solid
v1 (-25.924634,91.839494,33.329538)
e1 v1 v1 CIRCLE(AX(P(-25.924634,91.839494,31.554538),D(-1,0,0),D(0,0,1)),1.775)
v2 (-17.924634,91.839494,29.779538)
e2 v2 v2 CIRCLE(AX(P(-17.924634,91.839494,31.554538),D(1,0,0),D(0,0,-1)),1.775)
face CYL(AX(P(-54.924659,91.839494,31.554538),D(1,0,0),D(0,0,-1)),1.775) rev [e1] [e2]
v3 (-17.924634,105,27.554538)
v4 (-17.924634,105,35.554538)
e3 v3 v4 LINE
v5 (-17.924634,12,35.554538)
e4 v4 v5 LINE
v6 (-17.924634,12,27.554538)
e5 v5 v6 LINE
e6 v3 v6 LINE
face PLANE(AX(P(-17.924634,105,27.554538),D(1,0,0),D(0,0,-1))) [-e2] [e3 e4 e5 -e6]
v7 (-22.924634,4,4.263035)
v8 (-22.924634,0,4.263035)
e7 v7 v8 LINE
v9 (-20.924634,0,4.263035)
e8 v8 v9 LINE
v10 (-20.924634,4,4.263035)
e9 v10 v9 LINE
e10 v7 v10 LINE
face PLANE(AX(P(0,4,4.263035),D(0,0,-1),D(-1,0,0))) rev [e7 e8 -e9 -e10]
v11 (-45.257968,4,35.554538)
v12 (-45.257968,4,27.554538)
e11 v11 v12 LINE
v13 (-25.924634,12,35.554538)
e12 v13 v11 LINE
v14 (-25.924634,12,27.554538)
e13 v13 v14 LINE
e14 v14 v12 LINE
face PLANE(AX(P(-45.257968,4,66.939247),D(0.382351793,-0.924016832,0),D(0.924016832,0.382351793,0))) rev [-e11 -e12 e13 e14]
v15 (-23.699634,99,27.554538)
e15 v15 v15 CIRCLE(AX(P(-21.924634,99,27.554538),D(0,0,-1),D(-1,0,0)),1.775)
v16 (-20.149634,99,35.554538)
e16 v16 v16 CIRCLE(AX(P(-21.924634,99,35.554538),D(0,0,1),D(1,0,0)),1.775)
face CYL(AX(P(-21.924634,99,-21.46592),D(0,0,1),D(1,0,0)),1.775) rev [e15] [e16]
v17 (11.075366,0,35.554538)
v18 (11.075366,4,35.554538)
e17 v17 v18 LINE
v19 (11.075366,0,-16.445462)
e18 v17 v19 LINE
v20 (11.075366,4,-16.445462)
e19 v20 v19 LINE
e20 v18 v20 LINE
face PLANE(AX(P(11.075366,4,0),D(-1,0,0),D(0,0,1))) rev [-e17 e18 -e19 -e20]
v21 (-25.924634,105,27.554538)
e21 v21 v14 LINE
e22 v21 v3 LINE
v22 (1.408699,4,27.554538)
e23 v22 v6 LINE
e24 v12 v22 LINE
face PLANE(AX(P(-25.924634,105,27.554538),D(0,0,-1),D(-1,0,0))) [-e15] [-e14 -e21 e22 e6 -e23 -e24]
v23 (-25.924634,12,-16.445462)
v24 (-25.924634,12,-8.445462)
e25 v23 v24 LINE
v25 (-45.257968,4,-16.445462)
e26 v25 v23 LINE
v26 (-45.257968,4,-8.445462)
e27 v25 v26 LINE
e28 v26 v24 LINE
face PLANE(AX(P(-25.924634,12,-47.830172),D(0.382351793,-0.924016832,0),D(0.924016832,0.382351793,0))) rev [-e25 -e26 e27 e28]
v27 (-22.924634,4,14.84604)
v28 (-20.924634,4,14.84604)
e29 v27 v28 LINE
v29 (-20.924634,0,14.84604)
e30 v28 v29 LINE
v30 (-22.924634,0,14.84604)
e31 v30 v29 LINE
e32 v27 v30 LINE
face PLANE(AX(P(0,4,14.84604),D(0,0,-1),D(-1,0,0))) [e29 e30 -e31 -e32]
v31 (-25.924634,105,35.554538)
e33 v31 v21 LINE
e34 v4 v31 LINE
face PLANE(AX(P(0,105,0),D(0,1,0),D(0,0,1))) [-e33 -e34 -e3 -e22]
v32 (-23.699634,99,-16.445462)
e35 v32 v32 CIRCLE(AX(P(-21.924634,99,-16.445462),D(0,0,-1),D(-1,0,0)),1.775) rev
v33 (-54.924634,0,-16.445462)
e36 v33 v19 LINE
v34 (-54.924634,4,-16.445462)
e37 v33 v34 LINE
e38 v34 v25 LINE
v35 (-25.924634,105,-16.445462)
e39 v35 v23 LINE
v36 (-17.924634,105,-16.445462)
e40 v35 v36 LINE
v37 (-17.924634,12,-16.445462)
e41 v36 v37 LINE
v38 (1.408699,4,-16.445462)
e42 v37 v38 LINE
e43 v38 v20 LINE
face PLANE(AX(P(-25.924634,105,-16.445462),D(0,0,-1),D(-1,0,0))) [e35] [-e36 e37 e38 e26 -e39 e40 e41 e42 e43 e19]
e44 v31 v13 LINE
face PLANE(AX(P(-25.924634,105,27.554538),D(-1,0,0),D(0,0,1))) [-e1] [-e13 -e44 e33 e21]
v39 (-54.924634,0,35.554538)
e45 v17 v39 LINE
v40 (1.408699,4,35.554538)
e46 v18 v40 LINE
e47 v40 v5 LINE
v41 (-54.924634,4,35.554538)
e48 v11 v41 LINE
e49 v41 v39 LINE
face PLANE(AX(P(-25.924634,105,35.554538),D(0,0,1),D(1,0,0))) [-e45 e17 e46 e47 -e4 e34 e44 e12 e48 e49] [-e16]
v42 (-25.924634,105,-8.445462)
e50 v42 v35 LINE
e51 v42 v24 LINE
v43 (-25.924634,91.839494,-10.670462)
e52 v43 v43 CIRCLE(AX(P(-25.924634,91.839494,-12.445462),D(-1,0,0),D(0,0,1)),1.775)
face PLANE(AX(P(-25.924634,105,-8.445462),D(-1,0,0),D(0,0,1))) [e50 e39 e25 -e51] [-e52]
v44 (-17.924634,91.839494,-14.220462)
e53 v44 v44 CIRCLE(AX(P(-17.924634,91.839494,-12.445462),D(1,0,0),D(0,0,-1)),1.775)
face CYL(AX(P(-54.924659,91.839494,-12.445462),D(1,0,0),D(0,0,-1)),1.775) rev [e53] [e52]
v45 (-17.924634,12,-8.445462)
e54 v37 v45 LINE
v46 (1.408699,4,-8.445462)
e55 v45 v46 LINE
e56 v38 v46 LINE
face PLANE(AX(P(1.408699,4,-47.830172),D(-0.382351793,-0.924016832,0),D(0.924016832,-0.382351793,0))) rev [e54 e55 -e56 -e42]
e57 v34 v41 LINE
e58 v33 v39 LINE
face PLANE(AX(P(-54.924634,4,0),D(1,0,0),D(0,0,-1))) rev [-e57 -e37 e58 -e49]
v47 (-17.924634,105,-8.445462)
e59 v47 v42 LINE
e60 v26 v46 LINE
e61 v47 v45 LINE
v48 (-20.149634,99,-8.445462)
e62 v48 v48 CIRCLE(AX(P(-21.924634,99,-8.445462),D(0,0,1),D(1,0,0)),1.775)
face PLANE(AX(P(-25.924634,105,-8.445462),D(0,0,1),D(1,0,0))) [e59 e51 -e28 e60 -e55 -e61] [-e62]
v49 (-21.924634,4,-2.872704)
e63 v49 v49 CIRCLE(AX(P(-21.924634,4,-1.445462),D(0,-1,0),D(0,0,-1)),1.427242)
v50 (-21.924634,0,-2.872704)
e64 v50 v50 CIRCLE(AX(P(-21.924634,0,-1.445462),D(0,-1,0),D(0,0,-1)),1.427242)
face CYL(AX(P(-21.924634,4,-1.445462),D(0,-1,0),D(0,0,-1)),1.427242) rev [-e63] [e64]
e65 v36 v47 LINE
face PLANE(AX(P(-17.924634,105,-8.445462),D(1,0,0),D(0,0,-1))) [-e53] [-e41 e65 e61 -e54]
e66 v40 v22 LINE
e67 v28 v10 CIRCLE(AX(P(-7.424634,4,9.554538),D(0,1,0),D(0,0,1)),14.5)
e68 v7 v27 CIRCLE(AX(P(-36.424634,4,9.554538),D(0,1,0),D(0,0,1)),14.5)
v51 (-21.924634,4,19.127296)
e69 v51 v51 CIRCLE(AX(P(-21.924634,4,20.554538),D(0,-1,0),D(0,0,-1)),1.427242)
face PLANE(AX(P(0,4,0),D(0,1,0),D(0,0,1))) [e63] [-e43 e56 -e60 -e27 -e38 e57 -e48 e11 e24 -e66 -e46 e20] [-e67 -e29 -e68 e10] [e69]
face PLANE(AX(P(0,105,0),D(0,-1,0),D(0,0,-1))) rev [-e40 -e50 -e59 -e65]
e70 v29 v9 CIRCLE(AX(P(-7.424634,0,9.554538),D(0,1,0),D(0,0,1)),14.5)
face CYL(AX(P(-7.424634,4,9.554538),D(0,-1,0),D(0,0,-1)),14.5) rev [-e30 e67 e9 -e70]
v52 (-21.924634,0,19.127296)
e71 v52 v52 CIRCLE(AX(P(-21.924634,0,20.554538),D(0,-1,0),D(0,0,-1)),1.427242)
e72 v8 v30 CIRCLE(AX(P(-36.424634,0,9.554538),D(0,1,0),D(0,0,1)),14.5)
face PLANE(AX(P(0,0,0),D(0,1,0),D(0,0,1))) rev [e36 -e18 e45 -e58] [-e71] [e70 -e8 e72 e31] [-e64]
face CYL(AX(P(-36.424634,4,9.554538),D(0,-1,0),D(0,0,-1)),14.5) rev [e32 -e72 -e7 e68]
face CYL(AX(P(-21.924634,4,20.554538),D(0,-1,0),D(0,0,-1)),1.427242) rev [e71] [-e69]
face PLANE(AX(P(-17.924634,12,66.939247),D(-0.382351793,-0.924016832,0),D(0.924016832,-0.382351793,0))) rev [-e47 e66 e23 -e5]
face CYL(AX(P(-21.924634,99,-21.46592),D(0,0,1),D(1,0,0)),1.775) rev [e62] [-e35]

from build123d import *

# Parameters (mm, degrees)
BOSS_EXTRUDE1_DEPTH = 4
SKETCH3_R           = 1.427241696
CUT_EXTRUDE1_DEPTH  = 62.578957395
SKETCH4_W           = 8
SKETCH4_H           = 8
BOSS_EXTRUDE3_DEPTH = 105
CUT_EXTRUDE2_REACH  = 131.405
SKETCH5_R           = 1.775
SKETCH6_R           = 1.775
CUT_EXTRUDE3_DEPTH  = 117.867981735
BOSS_EXTRUDE4_DEPTH = 8
BOSS_EXTRUDE5_DEPTH = 8


with BuildPart() as part:
    # Sketch1 → Boss-Extrude1 (new body)
    with BuildSketch(Plane(origin=(0, 0, 0), x_dir=(1, 0, 0), z_dir=(0, 1, 0))):
        Polygon((-36.424634211, -27.554537751), (-7.424634211, -27.554537751), (11.075365789, -27.554537751), (11.075365789, 8.445462249), (-7.424634211, 8.445462249), (-36.424634211, 8.445462249), (-54.924634211, 8.445462249), (-54.924634211, -27.554537751), align=None)
        with BuildLine():
            Line((-22.924634211, -4.263035129), (-20.924634211, -4.263035129))
            ThreePointArc((-20.924634211, -4.263035129), (7.075365789, -9.554537751), (-20.924634211, -14.846040373))
            Line((-20.924634211, -14.846040373), (-22.924634211, -14.846040373))
            ThreePointArc((-22.924634211, -14.846040373), (-50.924634211, -9.554537751), (-22.924634211, -4.263035129))
        make_face(mode=Mode.SUBTRACT)
    extrude(amount=BOSS_EXTRUDE1_DEPTH)

    # Sketch3 → Cut-Extrude1 (cut, through all)
    with BuildSketch(Plane.XZ):
        with Locations(Location((-21.924634211, -1.445462249, 0), (0, 0, 270))):
            Circle(SKETCH3_R)
        with Locations(Location((-21.924634211, 20.554537751, 0), (0, 0, 270))):
            Circle(SKETCH3_R)
    extrude(amount=-CUT_EXTRUDE1_DEPTH, mode=Mode.SUBTRACT)

    # Sketch4 → Boss-Extrude3 (add)
    with BuildSketch(Plane.XZ):
        with Locations((-21.924634211, -12.445462249)):
            Rectangle(SKETCH4_W, SKETCH4_H)
        with Locations((-21.924634211, 31.554537751)):
            Rectangle(SKETCH4_W, SKETCH4_H)
    extrude(amount=-BOSS_EXTRUDE3_DEPTH)

    # Cut-Extrude2: up to this face of the body (flat: up to its plane)
    cut_extrude2_end = Plane(part.part.faces().sort_by_distance((-21.924634211, 52.5, -16.445462249))[0])
    # Sketch5 → Cut-Extrude2 (cut, up to the picked face)
    with BuildSketch(Plane.XY.offset(35.554537751), mode=Mode.PRIVATE) as cut_extrude2_sk1:
        with Locations((-21.924634211, 99)):
            Circle(SKETCH5_R)
    cut_extrude2_tool1 = split(extrude(cut_extrude2_sk1.sketch, amount=-CUT_EXTRUDE2_REACH, mode=Mode.PRIVATE), bisect_by=cut_extrude2_end, keep=Keep.BOTH, mode=Mode.PRIVATE)
    add(cut_extrude2_tool1.solids().sort_by(Axis((-21.924634, 99, 35.554538), (0, 0, -1)))[0], mode=Mode.SUBTRACT)

    # Sketch6 → Cut-Extrude3 (cut, through all)
    with BuildSketch(Plane(origin=(-17.924634211, 0, 0), x_dir=(0, 0, -1), z_dir=(1, 0, 0))):
        with Locations((-31.554537751, 91.839494298)):
            Circle(SKETCH6_R)
        with Locations((12.445462249, 91.839494298)):
            Circle(SKETCH6_R)
    extrude(amount=-CUT_EXTRUDE3_DEPTH, mode=Mode.SUBTRACT)

    # Sketch7 → Boss-Extrude4 (add)
    with BuildSketch(Plane.XY.offset(27.554537751)):
        Polygon((-45.257967544, 4), (-25.924634211, 12), (-25.924634211, 0), (-54.924634211, 0), (-54.924634211, 4), align=None)
        Polygon((-17.924634211, 0), (-17.924634211, 12), (1.408699123, 4), (11.075365789, 4), (11.075365789, 0), align=None)
    extrude(amount=BOSS_EXTRUDE4_DEPTH)

    # Sketch8 → Boss-Extrude5 (add)
    with BuildSketch(Plane(origin=(0, 0, -8.445462249), x_dir=(-1, 0, 0), z_dir=(0, 0, -1))):
        Polygon((-11.075365789, 0), (-11.075365789, 4), (-1.408699123, 4), (17.924634211, 12), (17.924634211, 0), align=None)
        Polygon((25.924634211, 12), (45.257967544, 4), (54.924634211, 4), (54.924634211, 0), (25.924634211, 0), align=None)
    extrude(amount=BOSS_EXTRUDE5_DEPTH)


solid = part.part
